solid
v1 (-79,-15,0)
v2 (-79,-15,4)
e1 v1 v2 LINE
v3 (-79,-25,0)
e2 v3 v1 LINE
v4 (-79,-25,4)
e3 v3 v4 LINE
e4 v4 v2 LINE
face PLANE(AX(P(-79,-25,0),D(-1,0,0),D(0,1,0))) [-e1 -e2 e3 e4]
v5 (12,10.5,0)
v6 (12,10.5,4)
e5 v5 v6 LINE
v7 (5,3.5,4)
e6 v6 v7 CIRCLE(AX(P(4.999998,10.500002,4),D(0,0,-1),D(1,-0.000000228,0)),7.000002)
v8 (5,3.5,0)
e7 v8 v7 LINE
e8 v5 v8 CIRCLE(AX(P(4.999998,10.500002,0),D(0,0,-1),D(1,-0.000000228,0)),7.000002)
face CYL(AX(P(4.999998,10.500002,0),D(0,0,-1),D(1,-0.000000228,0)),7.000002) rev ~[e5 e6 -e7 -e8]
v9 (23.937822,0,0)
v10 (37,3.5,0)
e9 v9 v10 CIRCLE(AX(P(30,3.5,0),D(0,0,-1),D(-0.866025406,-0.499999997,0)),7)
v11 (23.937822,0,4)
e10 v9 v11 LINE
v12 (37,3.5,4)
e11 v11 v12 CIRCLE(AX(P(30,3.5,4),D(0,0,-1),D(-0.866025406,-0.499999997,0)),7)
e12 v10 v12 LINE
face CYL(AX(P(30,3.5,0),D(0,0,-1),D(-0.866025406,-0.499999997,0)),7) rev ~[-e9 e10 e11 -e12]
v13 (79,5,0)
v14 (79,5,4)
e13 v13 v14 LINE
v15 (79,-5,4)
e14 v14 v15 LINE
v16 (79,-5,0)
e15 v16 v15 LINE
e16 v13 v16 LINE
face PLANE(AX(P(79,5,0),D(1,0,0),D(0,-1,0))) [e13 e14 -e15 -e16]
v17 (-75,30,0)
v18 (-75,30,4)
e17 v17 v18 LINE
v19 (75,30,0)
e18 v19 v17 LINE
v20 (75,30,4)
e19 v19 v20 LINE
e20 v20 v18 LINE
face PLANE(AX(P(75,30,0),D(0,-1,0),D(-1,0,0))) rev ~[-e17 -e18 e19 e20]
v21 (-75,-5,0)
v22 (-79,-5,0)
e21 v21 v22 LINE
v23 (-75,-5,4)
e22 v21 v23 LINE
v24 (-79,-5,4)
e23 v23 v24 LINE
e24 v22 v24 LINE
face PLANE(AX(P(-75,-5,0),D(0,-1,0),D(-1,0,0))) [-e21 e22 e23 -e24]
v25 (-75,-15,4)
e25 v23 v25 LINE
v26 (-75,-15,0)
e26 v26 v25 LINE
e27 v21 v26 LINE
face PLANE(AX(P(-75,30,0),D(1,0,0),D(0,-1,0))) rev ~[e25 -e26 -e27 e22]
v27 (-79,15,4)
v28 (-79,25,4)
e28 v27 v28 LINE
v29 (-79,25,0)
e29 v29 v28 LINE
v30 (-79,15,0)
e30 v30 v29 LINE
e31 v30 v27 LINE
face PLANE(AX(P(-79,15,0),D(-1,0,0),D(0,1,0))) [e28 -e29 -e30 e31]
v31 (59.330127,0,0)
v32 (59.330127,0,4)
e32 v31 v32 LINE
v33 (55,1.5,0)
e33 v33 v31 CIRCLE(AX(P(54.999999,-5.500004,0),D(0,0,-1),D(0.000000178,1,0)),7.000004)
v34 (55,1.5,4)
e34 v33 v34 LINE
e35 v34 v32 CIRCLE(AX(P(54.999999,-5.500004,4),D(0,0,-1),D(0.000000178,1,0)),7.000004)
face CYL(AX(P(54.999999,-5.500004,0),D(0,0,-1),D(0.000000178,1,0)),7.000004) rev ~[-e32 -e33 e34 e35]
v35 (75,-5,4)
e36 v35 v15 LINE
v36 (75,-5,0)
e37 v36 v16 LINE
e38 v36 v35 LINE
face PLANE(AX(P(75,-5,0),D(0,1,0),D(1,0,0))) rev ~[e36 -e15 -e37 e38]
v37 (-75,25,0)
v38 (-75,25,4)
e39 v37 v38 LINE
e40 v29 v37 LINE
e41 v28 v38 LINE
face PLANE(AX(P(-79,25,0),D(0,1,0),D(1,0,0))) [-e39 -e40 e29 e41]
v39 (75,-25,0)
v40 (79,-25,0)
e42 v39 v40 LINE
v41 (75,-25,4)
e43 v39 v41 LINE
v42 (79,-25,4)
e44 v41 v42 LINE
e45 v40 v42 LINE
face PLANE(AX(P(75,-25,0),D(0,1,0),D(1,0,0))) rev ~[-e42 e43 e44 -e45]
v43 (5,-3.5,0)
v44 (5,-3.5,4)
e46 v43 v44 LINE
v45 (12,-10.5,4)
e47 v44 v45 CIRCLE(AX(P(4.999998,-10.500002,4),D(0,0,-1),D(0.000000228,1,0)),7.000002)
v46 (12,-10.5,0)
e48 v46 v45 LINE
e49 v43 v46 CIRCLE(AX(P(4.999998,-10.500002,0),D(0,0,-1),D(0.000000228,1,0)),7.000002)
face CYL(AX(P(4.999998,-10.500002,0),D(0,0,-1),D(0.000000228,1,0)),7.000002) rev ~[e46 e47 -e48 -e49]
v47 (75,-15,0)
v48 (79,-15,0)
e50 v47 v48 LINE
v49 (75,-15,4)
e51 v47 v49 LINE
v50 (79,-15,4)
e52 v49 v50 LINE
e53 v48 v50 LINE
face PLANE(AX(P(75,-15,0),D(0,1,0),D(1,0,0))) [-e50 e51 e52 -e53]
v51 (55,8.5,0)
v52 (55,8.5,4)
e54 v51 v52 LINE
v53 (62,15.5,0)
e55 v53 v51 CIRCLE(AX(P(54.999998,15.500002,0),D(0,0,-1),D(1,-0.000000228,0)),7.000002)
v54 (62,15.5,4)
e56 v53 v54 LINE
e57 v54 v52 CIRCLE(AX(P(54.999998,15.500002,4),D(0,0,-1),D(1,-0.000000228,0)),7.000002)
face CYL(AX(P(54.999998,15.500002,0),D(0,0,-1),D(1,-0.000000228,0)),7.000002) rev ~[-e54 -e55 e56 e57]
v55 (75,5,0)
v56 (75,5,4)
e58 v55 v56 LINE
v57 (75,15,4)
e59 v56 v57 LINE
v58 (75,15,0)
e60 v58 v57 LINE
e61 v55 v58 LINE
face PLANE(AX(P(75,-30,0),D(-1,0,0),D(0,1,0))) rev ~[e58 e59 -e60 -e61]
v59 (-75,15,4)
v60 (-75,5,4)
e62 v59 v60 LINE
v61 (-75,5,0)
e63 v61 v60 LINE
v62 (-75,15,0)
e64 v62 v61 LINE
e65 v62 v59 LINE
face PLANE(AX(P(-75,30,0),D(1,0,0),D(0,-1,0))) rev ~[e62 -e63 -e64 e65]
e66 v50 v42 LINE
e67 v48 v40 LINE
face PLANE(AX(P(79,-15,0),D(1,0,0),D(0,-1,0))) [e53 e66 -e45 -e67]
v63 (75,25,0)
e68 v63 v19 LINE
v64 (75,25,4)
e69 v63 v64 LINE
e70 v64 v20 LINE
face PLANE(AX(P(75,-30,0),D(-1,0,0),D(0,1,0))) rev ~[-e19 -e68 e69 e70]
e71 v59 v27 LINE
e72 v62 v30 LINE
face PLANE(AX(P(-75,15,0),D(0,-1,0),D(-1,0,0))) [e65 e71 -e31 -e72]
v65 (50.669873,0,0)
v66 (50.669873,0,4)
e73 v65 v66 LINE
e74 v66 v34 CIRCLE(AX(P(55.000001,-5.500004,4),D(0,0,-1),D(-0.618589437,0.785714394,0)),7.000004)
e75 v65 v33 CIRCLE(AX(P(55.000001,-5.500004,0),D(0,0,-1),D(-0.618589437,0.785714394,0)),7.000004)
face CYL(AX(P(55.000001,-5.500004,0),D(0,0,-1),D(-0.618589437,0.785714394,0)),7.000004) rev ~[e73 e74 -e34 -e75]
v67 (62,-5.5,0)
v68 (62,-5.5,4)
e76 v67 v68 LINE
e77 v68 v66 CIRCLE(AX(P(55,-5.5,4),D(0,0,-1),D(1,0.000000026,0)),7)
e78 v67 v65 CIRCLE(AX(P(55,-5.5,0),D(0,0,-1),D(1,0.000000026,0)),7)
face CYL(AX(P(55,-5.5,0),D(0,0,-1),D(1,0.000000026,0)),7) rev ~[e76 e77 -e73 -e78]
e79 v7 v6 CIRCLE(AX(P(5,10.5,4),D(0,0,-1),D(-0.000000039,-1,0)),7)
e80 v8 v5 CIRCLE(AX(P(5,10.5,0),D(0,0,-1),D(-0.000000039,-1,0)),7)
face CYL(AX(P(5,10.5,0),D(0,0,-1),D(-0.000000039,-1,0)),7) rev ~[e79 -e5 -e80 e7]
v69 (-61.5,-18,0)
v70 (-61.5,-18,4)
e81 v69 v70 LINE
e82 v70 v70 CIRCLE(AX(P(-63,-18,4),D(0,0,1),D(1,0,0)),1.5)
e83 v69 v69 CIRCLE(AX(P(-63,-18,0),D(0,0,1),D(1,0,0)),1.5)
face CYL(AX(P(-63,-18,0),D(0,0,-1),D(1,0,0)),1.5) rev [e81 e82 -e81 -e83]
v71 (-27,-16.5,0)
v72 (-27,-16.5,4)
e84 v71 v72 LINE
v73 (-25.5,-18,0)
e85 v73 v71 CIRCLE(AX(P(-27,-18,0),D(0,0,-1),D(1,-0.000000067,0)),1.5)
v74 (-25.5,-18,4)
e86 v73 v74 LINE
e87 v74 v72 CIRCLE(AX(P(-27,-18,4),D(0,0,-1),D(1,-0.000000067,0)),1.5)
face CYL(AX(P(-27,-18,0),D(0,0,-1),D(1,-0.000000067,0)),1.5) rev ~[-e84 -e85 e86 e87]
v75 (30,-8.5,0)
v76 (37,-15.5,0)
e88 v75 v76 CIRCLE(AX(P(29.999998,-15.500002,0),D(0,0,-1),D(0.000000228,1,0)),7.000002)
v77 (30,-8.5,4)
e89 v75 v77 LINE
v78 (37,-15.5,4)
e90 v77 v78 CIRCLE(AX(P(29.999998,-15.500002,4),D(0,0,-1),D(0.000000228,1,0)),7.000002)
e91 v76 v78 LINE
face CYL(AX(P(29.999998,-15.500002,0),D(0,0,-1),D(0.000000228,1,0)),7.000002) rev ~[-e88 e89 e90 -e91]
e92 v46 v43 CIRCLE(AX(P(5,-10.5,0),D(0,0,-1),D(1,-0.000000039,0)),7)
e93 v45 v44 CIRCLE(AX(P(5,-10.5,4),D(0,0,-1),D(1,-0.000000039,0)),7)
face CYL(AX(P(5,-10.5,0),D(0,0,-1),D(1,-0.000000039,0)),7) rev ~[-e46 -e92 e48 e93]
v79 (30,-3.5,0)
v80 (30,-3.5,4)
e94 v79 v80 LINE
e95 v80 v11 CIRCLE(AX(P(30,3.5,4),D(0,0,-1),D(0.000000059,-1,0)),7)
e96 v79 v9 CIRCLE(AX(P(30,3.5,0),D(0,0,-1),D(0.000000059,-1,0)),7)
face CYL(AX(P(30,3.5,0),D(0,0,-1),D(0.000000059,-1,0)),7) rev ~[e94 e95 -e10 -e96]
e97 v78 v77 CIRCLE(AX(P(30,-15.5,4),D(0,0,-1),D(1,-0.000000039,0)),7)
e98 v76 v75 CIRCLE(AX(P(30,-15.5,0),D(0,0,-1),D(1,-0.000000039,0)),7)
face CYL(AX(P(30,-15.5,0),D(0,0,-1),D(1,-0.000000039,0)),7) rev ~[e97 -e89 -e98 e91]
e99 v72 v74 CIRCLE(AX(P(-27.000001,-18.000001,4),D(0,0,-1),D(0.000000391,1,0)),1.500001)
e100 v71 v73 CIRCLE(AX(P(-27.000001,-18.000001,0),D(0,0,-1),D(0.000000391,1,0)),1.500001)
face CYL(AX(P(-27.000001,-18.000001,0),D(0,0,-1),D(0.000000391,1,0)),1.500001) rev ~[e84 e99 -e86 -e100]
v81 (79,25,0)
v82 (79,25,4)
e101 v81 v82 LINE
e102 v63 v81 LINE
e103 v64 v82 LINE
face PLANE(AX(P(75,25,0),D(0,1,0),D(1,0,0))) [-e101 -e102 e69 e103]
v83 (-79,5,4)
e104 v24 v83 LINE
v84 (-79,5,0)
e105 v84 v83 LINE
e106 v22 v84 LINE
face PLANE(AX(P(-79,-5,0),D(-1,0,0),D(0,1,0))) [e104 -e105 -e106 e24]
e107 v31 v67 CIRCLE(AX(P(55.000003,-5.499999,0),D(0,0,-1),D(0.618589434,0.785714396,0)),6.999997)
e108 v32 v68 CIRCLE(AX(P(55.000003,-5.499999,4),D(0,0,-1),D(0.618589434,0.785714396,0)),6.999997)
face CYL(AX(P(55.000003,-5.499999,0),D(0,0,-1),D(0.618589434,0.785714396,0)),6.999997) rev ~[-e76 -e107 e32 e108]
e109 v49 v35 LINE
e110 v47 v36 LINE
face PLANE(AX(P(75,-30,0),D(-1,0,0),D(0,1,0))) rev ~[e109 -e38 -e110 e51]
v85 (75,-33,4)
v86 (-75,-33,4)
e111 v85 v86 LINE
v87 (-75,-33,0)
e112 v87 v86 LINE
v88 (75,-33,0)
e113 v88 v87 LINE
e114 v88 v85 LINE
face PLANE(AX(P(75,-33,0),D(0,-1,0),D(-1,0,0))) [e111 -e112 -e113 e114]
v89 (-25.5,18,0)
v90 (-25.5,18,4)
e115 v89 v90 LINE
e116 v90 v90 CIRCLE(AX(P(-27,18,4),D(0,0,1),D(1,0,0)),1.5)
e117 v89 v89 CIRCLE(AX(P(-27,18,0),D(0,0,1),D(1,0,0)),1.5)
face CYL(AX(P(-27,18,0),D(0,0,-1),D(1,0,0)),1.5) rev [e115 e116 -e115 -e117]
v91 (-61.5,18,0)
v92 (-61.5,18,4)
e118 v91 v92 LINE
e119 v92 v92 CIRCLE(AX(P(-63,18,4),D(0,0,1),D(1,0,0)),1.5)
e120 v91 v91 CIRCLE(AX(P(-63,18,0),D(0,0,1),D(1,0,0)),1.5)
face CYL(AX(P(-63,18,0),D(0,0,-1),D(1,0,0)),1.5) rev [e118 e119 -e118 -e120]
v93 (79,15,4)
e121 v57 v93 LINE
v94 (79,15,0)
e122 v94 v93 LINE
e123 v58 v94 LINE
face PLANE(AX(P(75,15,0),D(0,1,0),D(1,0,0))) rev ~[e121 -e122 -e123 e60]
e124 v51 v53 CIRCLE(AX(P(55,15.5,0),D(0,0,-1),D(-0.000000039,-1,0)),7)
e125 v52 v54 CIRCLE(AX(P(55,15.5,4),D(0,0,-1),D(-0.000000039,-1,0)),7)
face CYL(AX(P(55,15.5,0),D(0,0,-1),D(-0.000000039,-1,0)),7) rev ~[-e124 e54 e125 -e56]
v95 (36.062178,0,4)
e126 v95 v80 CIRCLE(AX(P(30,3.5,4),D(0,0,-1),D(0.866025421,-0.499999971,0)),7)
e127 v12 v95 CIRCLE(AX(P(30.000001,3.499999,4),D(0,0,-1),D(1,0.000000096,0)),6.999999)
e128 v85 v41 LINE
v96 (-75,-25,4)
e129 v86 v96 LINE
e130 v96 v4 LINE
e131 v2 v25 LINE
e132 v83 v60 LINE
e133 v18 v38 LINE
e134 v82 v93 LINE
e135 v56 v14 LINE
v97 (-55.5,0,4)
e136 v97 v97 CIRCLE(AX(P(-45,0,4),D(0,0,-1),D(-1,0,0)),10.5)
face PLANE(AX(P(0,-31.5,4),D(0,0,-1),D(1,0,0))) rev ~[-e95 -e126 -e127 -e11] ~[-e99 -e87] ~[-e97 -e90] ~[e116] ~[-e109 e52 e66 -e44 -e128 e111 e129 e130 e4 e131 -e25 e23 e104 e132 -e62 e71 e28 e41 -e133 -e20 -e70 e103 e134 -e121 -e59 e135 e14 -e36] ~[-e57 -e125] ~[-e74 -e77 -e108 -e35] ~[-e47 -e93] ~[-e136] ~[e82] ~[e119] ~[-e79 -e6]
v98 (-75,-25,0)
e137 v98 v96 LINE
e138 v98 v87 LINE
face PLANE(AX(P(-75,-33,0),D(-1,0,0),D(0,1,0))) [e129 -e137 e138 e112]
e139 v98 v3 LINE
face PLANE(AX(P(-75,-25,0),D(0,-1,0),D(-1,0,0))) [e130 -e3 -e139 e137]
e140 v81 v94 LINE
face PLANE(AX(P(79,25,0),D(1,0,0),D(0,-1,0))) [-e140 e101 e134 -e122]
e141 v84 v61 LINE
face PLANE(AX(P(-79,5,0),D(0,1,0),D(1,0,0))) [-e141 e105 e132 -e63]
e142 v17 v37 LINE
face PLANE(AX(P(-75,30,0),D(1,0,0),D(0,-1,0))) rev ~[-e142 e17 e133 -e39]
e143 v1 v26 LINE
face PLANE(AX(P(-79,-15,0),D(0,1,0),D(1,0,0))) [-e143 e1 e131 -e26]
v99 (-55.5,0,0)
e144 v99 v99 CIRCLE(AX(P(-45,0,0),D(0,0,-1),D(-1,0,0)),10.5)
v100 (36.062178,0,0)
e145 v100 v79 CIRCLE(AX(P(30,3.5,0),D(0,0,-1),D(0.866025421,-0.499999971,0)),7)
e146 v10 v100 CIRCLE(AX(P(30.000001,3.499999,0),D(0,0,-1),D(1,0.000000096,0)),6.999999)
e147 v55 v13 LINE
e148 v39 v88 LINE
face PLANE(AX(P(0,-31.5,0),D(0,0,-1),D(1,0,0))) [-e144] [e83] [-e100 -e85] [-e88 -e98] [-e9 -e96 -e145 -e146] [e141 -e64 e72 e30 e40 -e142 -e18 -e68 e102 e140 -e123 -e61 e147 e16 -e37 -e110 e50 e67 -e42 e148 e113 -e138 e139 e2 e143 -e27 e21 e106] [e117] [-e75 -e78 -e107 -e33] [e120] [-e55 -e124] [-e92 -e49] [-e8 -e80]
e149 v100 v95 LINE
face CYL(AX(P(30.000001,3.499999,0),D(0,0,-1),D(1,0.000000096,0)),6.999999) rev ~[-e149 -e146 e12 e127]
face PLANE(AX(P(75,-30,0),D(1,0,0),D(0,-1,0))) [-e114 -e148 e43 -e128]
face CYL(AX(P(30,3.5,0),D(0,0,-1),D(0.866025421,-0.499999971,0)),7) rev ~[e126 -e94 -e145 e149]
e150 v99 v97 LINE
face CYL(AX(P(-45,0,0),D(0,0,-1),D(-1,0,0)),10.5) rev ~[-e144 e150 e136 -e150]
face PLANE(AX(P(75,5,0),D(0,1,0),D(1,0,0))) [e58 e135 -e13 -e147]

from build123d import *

# Parameters (mm, degrees)
F0_R     = 1.5
F1_DEPTH = 4
F3_DEPTH = 25
F4_W     = 4
F4_H     = 10
F5_DEPTH = 4


with BuildPart() as f1:
    # F0 (on Top) → F1 (new body)
    with BuildSketch(Plane.XY):
        with BuildLine():
            ThreePointArc((-25.5, -18), (-25.93934, -16.93934), (-27, -16.5))
            ThreePointArc((-27, -16.5), (-28.06066, -19.06066), (-25.5, -18))
        make_face()
        with BuildLine():
            Line((-45, 0), (-55.5, 0))
            ThreePointArc((-55.5, 0), (-45, -10.5), (-34.5, 0))
            Line((-34.5, 0), (-45, 0))
        make_face()
        Polygon((-75, -30), (75, -30), (75, 30), (-75, 30), (-75, 0), align=None)
        with Locations((-63, -18)):
            Circle(F0_R, mode=Mode.SUBTRACT)
        with BuildLine():
            ThreePointArc((-25.5, -18), (-28.06066, -19.06066), (-27, -16.5))
            ThreePointArc((-27, -16.5), (-25.93934, -16.93934), (-25.5, -18))
        make_face(mode=Mode.SUBTRACT)
        with BuildLine():
            ThreePointArc((-34.5, 0), (-45, -10.5), (-55.5, 0))
            ThreePointArc((-55.5, 0), (-45, 10.5), (-34.5, 0))
        make_face(mode=Mode.SUBTRACT)
        with Locations((-63, 18)):
            Circle(F0_R, mode=Mode.SUBTRACT)
        with Locations((-27, 18)):
            Circle(F0_R, mode=Mode.SUBTRACT)
    extrude(amount=F1_DEPTH)

    # F2 (on face) → F3 (cut)
    with BuildSketch(Plane(origin=(0, 0, 0), x_dir=(1, 0, 0), z_dir=(0, 0, -1))):
        with BuildLine():
            ThreePointArc((55, -1.5), (57.291288, -1.114378), (59.330127, 0))
            Line((59.330127, 0), (55, 0))
            Line((55, 0), (55, -1.5))
        make_face()
        with BuildLine():
            ThreePointArc((62, -15.5), (59.949747, -10.550253), (55, -8.5))
            ThreePointArc((55, -8.5), (50.050253, -20.449747), (62, -15.5))
        make_face()
        with BuildLine():
            ThreePointArc((12, -10.5), (9.949747, -5.550253), (5, -3.5))
            ThreePointArc((5, -3.5), (0.050253, -15.449747), (12, -10.5))
        make_face()
        with BuildLine():
            ThreePointArc((12, 10.5), (0.050253, 15.449747), (5, 3.5))
            ThreePointArc((5, 3.5), (9.949747, 5.550253), (12, 10.5))
        make_face()
        with BuildLine():
            ThreePointArc((37, 15.5), (25.050253, 20.449747), (30, 8.5))
            ThreePointArc((30, 8.5), (34.949747, 10.550253), (37, 15.5))
        make_face()
        with BuildLine():
            ThreePointArc((37, -3.5), (36.761481, -1.688267), (36.062178, 0))
            Line((36.062178, 0), (30, 0))
            Line((30, 0), (23.937822, 0))
            ThreePointArc((23.937822, 0), (28.188267, -10.261481), (37, -3.5))
        make_face()
        with BuildLine():
            Line((30, 0), (36.062178, 0))
            ThreePointArc((36.062178, 0), (33.5, 2.562178), (30, 3.5))
            Line((30, 3.5), (30, 0))
        make_face()
        with BuildLine():
            Line((55, 0), (59.330127, 0))
            ThreePointArc((59.330127, 0), (61.297257, 2.443113), (62, 5.5))
            ThreePointArc((62, 5.5), (51.943113, 11.797257), (50.669873, 0))
            Line((50.669873, 0), (55, 0))
        make_face()
        with BuildLine():
            Line((55, -1.5), (55, 0))
            Line((55, 0), (50.669873, 0))
            ThreePointArc((50.669873, 0), (52.708712, -1.114378), (55, -1.5))
        make_face()
        with BuildLine():
            Line((23.937822, 0), (30, 0))
            Line((30, 0), (30, 3.5))
            ThreePointArc((30, 3.5), (26.5, 2.562178), (23.937822, 0))
        make_face()
    extrude(amount=-F3_DEPTH, mode=Mode.SUBTRACT)

    # F4 (on face) → F5 (join)
    with BuildSketch(Plane(origin=(0, 0, 0), x_dir=(1, 0, 0), z_dir=(0, 0, -1))):
        Polygon((-75, -5), (-75, 0), (-75, 5), (-79, 5), (-79, -5), align=None)
        Polygon((-75, 20), (-75, 25), (-79, 25), (-79, 15), (-75, 15), align=None)
        Polygon((-75, -15), (-79, -15), (-79, -25), (-75, -25), (-75, -20), align=None)
        with Locations((77, 0)):
            Rectangle(F4_W, F4_H)
        with Locations((77, -20)):
            Rectangle(F4_W, F4_H)
        with Locations((77, 20)):
            Rectangle(F4_W, F4_H)
        Polygon((-75, 33), (-75, 30), (0, 30), (75, 30), (75, 33), align=None)
    extrude(amount=-F5_DEPTH)


solid = f1.part
